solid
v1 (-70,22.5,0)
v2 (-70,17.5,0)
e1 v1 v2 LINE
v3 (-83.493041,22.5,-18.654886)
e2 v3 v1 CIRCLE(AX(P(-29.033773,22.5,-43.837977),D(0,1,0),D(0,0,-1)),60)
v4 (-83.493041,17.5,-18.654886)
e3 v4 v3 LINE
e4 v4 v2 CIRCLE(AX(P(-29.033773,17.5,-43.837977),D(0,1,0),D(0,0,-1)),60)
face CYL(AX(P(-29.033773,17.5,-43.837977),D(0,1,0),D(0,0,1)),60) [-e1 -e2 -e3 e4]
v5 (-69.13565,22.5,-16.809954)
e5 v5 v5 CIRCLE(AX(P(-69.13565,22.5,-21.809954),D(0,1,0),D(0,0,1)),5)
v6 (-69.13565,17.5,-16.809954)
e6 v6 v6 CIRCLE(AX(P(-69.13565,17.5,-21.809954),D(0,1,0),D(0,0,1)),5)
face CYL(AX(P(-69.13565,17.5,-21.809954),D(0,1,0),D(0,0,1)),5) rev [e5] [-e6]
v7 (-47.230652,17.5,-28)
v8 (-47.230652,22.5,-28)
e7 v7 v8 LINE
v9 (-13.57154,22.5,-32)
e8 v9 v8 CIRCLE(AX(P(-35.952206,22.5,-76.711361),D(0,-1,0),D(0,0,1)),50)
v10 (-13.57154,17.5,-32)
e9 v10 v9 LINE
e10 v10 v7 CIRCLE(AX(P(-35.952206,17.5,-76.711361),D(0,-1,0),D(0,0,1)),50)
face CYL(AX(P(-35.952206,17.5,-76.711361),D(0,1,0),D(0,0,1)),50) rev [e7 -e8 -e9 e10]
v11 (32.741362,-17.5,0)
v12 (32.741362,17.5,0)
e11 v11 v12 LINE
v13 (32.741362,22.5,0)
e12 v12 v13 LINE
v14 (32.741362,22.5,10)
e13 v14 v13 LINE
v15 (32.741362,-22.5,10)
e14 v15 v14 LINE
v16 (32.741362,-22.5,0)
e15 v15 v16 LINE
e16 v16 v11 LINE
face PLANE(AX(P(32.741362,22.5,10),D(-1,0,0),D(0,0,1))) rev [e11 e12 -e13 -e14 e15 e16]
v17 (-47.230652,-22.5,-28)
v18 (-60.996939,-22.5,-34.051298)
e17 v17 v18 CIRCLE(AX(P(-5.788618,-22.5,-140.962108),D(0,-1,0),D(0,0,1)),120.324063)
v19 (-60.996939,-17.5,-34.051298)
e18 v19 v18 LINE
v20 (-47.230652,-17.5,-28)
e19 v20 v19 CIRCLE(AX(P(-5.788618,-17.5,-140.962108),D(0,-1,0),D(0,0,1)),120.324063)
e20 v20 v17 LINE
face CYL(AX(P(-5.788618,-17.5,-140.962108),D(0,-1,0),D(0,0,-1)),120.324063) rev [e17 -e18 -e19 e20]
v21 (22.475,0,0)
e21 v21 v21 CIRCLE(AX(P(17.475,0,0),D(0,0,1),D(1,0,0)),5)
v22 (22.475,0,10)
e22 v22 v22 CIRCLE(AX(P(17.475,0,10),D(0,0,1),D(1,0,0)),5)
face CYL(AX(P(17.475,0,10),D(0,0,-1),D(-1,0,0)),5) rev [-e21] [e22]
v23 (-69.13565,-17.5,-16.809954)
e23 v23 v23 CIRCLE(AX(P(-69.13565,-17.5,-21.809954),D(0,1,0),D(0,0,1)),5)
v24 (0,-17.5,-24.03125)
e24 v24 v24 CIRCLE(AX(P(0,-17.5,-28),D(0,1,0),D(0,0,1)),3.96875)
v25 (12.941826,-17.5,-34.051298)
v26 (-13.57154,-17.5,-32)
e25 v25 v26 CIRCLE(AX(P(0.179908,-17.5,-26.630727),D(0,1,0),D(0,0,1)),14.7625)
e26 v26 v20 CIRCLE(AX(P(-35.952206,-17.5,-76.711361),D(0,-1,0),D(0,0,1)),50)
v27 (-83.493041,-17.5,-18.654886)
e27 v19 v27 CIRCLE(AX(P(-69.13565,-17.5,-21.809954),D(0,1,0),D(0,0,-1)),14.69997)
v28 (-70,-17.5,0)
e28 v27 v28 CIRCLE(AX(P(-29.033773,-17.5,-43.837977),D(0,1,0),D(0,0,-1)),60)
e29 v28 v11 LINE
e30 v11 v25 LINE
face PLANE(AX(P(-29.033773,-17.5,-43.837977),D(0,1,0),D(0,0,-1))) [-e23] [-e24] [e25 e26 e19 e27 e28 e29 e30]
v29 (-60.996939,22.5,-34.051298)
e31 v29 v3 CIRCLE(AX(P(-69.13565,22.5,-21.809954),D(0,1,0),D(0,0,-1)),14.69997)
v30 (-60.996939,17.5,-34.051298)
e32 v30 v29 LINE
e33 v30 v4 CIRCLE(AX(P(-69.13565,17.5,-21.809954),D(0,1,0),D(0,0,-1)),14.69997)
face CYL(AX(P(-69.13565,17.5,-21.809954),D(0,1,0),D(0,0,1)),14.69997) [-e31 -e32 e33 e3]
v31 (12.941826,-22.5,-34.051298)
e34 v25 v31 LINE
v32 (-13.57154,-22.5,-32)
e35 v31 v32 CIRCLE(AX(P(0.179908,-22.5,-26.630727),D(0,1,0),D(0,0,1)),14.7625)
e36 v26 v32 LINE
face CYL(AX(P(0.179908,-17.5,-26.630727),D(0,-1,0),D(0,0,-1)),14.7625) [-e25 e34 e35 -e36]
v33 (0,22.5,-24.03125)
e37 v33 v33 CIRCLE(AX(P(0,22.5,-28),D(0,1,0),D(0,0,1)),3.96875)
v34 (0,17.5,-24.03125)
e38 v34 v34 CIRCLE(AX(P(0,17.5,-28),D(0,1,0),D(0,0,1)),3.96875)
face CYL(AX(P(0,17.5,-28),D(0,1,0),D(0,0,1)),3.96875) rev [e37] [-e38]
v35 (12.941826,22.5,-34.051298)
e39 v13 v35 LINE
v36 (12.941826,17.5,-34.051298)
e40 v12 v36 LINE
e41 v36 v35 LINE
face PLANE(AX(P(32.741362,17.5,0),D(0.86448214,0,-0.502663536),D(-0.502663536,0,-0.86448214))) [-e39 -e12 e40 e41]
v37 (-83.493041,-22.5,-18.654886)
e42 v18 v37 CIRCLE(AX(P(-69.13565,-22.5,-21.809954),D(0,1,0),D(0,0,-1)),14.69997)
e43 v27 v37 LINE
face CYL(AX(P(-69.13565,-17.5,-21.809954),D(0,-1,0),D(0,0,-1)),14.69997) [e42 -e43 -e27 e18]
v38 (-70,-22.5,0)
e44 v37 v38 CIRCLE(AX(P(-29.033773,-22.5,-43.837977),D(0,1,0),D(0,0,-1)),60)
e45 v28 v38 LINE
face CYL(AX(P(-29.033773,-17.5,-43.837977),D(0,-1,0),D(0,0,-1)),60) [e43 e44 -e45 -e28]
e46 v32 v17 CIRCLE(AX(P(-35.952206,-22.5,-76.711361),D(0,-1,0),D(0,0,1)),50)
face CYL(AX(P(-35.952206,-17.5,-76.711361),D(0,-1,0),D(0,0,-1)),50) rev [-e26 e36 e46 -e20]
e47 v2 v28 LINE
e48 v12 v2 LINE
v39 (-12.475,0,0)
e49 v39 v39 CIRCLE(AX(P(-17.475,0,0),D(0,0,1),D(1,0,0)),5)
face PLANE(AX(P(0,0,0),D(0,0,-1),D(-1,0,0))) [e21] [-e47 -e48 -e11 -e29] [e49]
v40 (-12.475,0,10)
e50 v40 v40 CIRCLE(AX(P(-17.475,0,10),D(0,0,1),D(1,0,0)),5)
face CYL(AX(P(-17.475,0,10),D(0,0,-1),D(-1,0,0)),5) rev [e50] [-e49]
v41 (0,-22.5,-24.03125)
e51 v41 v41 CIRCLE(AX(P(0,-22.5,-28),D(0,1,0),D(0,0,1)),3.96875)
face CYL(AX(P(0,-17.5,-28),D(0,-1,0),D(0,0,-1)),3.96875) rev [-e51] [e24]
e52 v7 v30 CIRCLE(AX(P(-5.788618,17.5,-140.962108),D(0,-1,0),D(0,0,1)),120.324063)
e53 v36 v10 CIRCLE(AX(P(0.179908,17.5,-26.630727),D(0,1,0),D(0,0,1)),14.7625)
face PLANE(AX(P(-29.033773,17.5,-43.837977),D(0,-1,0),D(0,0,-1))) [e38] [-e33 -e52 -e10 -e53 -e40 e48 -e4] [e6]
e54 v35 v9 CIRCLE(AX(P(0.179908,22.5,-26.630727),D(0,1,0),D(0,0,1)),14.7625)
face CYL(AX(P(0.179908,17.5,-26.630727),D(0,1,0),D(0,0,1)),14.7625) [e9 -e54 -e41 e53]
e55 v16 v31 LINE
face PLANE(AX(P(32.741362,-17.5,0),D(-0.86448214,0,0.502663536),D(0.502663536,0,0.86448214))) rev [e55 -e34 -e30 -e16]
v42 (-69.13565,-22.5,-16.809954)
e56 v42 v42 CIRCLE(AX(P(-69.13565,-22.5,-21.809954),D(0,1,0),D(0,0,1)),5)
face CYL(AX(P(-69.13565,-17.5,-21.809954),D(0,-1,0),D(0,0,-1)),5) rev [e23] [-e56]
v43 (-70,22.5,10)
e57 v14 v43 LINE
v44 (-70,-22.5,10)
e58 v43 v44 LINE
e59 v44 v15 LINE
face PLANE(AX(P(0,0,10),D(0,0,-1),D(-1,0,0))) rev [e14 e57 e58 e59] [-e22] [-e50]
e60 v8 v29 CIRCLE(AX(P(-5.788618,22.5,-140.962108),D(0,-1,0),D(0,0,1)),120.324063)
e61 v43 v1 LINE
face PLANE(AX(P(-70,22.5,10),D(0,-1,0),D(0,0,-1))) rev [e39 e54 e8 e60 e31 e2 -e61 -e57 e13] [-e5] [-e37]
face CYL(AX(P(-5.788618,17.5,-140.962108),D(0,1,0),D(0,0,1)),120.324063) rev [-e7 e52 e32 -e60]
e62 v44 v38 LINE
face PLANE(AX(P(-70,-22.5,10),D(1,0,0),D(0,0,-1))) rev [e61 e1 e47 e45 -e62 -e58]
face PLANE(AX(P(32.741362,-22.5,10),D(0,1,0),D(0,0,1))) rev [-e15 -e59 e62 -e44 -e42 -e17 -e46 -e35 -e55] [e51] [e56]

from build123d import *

# Parameters (mm, degrees)
SKETCH2_W           = 102.74136237
SKETCH2_H           = 45
SKETCH2_R           = 5
BOSS_EXTRUDE1_DEPTH = 10
SKETCH3_R           = 5
SKETCH3_R_2         = 3.96875
BOSS_EXTRUDE2_DEPTH = 5


with BuildPart() as part:
    # Sketch2 → Boss-Extrude1 (new body)
    with BuildSketch(Plane.XY):
        with Locations((-18.629318815, 0)):
            Rectangle(SKETCH2_W, SKETCH2_H)
        with Locations((17.475, 0)):
            Circle(SKETCH2_R, mode=Mode.SUBTRACT)
        with Locations((-17.475, 0)):
            Circle(SKETCH2_R, mode=Mode.SUBTRACT)
    extrude(amount=BOSS_EXTRUDE1_DEPTH)

    # Sketch3 → Boss-Extrude2 (add)
    with BuildSketch(Plane(origin=(0, 22.5, 0), x_dir=(1, 0, 0), z_dir=(0, 1, 0))):
        with BuildLine():
            Line((32.74136237, -10), (32.74136237, 0))
            Line((32.74136237, 0), (12.941825805, 34.051297768))
            ThreePointArc((12.941825805, 34.051297768), (-0.958840285, 41.349241447), (-13.571539602, 32))
            ThreePointArc((-13.571539602, 32), (-30.051797166, 27.060729478), (-47.230652005, 28))
            ThreePointArc((-47.230652005, 28), (-54.208421011, 30.810382158), (-60.996938829, 34.051297768))
            ThreePointArc((-60.996938829, 34.051297768), (-77.438081848, 33.940854804), (-83.493041421, 18.654885879))
            ThreePointArc((-83.493041421, 18.654885879), (-77.649691032, 8.674181664), (-70, 0))
            Line((-70, 0), (-70, -10))
            Line((-70, -10), (32.74136237, -10))
        make_face()
        with Locations(Location((-69.135650368, 21.809953676, 0), (0, 0, 270))):
            Circle(SKETCH3_R, mode=Mode.SUBTRACT)
        with Locations(Location((0, 28, 0), (0, 0, 270))):
            Circle(SKETCH3_R_2, mode=Mode.SUBTRACT)
    boss_extrude2 = extrude(amount=-BOSS_EXTRUDE2_DEPTH)

    # Mirror1: Boss-Extrude2 across plane
    add(boss_extrude2.mirror(Plane.ZX))


solid = part.part
